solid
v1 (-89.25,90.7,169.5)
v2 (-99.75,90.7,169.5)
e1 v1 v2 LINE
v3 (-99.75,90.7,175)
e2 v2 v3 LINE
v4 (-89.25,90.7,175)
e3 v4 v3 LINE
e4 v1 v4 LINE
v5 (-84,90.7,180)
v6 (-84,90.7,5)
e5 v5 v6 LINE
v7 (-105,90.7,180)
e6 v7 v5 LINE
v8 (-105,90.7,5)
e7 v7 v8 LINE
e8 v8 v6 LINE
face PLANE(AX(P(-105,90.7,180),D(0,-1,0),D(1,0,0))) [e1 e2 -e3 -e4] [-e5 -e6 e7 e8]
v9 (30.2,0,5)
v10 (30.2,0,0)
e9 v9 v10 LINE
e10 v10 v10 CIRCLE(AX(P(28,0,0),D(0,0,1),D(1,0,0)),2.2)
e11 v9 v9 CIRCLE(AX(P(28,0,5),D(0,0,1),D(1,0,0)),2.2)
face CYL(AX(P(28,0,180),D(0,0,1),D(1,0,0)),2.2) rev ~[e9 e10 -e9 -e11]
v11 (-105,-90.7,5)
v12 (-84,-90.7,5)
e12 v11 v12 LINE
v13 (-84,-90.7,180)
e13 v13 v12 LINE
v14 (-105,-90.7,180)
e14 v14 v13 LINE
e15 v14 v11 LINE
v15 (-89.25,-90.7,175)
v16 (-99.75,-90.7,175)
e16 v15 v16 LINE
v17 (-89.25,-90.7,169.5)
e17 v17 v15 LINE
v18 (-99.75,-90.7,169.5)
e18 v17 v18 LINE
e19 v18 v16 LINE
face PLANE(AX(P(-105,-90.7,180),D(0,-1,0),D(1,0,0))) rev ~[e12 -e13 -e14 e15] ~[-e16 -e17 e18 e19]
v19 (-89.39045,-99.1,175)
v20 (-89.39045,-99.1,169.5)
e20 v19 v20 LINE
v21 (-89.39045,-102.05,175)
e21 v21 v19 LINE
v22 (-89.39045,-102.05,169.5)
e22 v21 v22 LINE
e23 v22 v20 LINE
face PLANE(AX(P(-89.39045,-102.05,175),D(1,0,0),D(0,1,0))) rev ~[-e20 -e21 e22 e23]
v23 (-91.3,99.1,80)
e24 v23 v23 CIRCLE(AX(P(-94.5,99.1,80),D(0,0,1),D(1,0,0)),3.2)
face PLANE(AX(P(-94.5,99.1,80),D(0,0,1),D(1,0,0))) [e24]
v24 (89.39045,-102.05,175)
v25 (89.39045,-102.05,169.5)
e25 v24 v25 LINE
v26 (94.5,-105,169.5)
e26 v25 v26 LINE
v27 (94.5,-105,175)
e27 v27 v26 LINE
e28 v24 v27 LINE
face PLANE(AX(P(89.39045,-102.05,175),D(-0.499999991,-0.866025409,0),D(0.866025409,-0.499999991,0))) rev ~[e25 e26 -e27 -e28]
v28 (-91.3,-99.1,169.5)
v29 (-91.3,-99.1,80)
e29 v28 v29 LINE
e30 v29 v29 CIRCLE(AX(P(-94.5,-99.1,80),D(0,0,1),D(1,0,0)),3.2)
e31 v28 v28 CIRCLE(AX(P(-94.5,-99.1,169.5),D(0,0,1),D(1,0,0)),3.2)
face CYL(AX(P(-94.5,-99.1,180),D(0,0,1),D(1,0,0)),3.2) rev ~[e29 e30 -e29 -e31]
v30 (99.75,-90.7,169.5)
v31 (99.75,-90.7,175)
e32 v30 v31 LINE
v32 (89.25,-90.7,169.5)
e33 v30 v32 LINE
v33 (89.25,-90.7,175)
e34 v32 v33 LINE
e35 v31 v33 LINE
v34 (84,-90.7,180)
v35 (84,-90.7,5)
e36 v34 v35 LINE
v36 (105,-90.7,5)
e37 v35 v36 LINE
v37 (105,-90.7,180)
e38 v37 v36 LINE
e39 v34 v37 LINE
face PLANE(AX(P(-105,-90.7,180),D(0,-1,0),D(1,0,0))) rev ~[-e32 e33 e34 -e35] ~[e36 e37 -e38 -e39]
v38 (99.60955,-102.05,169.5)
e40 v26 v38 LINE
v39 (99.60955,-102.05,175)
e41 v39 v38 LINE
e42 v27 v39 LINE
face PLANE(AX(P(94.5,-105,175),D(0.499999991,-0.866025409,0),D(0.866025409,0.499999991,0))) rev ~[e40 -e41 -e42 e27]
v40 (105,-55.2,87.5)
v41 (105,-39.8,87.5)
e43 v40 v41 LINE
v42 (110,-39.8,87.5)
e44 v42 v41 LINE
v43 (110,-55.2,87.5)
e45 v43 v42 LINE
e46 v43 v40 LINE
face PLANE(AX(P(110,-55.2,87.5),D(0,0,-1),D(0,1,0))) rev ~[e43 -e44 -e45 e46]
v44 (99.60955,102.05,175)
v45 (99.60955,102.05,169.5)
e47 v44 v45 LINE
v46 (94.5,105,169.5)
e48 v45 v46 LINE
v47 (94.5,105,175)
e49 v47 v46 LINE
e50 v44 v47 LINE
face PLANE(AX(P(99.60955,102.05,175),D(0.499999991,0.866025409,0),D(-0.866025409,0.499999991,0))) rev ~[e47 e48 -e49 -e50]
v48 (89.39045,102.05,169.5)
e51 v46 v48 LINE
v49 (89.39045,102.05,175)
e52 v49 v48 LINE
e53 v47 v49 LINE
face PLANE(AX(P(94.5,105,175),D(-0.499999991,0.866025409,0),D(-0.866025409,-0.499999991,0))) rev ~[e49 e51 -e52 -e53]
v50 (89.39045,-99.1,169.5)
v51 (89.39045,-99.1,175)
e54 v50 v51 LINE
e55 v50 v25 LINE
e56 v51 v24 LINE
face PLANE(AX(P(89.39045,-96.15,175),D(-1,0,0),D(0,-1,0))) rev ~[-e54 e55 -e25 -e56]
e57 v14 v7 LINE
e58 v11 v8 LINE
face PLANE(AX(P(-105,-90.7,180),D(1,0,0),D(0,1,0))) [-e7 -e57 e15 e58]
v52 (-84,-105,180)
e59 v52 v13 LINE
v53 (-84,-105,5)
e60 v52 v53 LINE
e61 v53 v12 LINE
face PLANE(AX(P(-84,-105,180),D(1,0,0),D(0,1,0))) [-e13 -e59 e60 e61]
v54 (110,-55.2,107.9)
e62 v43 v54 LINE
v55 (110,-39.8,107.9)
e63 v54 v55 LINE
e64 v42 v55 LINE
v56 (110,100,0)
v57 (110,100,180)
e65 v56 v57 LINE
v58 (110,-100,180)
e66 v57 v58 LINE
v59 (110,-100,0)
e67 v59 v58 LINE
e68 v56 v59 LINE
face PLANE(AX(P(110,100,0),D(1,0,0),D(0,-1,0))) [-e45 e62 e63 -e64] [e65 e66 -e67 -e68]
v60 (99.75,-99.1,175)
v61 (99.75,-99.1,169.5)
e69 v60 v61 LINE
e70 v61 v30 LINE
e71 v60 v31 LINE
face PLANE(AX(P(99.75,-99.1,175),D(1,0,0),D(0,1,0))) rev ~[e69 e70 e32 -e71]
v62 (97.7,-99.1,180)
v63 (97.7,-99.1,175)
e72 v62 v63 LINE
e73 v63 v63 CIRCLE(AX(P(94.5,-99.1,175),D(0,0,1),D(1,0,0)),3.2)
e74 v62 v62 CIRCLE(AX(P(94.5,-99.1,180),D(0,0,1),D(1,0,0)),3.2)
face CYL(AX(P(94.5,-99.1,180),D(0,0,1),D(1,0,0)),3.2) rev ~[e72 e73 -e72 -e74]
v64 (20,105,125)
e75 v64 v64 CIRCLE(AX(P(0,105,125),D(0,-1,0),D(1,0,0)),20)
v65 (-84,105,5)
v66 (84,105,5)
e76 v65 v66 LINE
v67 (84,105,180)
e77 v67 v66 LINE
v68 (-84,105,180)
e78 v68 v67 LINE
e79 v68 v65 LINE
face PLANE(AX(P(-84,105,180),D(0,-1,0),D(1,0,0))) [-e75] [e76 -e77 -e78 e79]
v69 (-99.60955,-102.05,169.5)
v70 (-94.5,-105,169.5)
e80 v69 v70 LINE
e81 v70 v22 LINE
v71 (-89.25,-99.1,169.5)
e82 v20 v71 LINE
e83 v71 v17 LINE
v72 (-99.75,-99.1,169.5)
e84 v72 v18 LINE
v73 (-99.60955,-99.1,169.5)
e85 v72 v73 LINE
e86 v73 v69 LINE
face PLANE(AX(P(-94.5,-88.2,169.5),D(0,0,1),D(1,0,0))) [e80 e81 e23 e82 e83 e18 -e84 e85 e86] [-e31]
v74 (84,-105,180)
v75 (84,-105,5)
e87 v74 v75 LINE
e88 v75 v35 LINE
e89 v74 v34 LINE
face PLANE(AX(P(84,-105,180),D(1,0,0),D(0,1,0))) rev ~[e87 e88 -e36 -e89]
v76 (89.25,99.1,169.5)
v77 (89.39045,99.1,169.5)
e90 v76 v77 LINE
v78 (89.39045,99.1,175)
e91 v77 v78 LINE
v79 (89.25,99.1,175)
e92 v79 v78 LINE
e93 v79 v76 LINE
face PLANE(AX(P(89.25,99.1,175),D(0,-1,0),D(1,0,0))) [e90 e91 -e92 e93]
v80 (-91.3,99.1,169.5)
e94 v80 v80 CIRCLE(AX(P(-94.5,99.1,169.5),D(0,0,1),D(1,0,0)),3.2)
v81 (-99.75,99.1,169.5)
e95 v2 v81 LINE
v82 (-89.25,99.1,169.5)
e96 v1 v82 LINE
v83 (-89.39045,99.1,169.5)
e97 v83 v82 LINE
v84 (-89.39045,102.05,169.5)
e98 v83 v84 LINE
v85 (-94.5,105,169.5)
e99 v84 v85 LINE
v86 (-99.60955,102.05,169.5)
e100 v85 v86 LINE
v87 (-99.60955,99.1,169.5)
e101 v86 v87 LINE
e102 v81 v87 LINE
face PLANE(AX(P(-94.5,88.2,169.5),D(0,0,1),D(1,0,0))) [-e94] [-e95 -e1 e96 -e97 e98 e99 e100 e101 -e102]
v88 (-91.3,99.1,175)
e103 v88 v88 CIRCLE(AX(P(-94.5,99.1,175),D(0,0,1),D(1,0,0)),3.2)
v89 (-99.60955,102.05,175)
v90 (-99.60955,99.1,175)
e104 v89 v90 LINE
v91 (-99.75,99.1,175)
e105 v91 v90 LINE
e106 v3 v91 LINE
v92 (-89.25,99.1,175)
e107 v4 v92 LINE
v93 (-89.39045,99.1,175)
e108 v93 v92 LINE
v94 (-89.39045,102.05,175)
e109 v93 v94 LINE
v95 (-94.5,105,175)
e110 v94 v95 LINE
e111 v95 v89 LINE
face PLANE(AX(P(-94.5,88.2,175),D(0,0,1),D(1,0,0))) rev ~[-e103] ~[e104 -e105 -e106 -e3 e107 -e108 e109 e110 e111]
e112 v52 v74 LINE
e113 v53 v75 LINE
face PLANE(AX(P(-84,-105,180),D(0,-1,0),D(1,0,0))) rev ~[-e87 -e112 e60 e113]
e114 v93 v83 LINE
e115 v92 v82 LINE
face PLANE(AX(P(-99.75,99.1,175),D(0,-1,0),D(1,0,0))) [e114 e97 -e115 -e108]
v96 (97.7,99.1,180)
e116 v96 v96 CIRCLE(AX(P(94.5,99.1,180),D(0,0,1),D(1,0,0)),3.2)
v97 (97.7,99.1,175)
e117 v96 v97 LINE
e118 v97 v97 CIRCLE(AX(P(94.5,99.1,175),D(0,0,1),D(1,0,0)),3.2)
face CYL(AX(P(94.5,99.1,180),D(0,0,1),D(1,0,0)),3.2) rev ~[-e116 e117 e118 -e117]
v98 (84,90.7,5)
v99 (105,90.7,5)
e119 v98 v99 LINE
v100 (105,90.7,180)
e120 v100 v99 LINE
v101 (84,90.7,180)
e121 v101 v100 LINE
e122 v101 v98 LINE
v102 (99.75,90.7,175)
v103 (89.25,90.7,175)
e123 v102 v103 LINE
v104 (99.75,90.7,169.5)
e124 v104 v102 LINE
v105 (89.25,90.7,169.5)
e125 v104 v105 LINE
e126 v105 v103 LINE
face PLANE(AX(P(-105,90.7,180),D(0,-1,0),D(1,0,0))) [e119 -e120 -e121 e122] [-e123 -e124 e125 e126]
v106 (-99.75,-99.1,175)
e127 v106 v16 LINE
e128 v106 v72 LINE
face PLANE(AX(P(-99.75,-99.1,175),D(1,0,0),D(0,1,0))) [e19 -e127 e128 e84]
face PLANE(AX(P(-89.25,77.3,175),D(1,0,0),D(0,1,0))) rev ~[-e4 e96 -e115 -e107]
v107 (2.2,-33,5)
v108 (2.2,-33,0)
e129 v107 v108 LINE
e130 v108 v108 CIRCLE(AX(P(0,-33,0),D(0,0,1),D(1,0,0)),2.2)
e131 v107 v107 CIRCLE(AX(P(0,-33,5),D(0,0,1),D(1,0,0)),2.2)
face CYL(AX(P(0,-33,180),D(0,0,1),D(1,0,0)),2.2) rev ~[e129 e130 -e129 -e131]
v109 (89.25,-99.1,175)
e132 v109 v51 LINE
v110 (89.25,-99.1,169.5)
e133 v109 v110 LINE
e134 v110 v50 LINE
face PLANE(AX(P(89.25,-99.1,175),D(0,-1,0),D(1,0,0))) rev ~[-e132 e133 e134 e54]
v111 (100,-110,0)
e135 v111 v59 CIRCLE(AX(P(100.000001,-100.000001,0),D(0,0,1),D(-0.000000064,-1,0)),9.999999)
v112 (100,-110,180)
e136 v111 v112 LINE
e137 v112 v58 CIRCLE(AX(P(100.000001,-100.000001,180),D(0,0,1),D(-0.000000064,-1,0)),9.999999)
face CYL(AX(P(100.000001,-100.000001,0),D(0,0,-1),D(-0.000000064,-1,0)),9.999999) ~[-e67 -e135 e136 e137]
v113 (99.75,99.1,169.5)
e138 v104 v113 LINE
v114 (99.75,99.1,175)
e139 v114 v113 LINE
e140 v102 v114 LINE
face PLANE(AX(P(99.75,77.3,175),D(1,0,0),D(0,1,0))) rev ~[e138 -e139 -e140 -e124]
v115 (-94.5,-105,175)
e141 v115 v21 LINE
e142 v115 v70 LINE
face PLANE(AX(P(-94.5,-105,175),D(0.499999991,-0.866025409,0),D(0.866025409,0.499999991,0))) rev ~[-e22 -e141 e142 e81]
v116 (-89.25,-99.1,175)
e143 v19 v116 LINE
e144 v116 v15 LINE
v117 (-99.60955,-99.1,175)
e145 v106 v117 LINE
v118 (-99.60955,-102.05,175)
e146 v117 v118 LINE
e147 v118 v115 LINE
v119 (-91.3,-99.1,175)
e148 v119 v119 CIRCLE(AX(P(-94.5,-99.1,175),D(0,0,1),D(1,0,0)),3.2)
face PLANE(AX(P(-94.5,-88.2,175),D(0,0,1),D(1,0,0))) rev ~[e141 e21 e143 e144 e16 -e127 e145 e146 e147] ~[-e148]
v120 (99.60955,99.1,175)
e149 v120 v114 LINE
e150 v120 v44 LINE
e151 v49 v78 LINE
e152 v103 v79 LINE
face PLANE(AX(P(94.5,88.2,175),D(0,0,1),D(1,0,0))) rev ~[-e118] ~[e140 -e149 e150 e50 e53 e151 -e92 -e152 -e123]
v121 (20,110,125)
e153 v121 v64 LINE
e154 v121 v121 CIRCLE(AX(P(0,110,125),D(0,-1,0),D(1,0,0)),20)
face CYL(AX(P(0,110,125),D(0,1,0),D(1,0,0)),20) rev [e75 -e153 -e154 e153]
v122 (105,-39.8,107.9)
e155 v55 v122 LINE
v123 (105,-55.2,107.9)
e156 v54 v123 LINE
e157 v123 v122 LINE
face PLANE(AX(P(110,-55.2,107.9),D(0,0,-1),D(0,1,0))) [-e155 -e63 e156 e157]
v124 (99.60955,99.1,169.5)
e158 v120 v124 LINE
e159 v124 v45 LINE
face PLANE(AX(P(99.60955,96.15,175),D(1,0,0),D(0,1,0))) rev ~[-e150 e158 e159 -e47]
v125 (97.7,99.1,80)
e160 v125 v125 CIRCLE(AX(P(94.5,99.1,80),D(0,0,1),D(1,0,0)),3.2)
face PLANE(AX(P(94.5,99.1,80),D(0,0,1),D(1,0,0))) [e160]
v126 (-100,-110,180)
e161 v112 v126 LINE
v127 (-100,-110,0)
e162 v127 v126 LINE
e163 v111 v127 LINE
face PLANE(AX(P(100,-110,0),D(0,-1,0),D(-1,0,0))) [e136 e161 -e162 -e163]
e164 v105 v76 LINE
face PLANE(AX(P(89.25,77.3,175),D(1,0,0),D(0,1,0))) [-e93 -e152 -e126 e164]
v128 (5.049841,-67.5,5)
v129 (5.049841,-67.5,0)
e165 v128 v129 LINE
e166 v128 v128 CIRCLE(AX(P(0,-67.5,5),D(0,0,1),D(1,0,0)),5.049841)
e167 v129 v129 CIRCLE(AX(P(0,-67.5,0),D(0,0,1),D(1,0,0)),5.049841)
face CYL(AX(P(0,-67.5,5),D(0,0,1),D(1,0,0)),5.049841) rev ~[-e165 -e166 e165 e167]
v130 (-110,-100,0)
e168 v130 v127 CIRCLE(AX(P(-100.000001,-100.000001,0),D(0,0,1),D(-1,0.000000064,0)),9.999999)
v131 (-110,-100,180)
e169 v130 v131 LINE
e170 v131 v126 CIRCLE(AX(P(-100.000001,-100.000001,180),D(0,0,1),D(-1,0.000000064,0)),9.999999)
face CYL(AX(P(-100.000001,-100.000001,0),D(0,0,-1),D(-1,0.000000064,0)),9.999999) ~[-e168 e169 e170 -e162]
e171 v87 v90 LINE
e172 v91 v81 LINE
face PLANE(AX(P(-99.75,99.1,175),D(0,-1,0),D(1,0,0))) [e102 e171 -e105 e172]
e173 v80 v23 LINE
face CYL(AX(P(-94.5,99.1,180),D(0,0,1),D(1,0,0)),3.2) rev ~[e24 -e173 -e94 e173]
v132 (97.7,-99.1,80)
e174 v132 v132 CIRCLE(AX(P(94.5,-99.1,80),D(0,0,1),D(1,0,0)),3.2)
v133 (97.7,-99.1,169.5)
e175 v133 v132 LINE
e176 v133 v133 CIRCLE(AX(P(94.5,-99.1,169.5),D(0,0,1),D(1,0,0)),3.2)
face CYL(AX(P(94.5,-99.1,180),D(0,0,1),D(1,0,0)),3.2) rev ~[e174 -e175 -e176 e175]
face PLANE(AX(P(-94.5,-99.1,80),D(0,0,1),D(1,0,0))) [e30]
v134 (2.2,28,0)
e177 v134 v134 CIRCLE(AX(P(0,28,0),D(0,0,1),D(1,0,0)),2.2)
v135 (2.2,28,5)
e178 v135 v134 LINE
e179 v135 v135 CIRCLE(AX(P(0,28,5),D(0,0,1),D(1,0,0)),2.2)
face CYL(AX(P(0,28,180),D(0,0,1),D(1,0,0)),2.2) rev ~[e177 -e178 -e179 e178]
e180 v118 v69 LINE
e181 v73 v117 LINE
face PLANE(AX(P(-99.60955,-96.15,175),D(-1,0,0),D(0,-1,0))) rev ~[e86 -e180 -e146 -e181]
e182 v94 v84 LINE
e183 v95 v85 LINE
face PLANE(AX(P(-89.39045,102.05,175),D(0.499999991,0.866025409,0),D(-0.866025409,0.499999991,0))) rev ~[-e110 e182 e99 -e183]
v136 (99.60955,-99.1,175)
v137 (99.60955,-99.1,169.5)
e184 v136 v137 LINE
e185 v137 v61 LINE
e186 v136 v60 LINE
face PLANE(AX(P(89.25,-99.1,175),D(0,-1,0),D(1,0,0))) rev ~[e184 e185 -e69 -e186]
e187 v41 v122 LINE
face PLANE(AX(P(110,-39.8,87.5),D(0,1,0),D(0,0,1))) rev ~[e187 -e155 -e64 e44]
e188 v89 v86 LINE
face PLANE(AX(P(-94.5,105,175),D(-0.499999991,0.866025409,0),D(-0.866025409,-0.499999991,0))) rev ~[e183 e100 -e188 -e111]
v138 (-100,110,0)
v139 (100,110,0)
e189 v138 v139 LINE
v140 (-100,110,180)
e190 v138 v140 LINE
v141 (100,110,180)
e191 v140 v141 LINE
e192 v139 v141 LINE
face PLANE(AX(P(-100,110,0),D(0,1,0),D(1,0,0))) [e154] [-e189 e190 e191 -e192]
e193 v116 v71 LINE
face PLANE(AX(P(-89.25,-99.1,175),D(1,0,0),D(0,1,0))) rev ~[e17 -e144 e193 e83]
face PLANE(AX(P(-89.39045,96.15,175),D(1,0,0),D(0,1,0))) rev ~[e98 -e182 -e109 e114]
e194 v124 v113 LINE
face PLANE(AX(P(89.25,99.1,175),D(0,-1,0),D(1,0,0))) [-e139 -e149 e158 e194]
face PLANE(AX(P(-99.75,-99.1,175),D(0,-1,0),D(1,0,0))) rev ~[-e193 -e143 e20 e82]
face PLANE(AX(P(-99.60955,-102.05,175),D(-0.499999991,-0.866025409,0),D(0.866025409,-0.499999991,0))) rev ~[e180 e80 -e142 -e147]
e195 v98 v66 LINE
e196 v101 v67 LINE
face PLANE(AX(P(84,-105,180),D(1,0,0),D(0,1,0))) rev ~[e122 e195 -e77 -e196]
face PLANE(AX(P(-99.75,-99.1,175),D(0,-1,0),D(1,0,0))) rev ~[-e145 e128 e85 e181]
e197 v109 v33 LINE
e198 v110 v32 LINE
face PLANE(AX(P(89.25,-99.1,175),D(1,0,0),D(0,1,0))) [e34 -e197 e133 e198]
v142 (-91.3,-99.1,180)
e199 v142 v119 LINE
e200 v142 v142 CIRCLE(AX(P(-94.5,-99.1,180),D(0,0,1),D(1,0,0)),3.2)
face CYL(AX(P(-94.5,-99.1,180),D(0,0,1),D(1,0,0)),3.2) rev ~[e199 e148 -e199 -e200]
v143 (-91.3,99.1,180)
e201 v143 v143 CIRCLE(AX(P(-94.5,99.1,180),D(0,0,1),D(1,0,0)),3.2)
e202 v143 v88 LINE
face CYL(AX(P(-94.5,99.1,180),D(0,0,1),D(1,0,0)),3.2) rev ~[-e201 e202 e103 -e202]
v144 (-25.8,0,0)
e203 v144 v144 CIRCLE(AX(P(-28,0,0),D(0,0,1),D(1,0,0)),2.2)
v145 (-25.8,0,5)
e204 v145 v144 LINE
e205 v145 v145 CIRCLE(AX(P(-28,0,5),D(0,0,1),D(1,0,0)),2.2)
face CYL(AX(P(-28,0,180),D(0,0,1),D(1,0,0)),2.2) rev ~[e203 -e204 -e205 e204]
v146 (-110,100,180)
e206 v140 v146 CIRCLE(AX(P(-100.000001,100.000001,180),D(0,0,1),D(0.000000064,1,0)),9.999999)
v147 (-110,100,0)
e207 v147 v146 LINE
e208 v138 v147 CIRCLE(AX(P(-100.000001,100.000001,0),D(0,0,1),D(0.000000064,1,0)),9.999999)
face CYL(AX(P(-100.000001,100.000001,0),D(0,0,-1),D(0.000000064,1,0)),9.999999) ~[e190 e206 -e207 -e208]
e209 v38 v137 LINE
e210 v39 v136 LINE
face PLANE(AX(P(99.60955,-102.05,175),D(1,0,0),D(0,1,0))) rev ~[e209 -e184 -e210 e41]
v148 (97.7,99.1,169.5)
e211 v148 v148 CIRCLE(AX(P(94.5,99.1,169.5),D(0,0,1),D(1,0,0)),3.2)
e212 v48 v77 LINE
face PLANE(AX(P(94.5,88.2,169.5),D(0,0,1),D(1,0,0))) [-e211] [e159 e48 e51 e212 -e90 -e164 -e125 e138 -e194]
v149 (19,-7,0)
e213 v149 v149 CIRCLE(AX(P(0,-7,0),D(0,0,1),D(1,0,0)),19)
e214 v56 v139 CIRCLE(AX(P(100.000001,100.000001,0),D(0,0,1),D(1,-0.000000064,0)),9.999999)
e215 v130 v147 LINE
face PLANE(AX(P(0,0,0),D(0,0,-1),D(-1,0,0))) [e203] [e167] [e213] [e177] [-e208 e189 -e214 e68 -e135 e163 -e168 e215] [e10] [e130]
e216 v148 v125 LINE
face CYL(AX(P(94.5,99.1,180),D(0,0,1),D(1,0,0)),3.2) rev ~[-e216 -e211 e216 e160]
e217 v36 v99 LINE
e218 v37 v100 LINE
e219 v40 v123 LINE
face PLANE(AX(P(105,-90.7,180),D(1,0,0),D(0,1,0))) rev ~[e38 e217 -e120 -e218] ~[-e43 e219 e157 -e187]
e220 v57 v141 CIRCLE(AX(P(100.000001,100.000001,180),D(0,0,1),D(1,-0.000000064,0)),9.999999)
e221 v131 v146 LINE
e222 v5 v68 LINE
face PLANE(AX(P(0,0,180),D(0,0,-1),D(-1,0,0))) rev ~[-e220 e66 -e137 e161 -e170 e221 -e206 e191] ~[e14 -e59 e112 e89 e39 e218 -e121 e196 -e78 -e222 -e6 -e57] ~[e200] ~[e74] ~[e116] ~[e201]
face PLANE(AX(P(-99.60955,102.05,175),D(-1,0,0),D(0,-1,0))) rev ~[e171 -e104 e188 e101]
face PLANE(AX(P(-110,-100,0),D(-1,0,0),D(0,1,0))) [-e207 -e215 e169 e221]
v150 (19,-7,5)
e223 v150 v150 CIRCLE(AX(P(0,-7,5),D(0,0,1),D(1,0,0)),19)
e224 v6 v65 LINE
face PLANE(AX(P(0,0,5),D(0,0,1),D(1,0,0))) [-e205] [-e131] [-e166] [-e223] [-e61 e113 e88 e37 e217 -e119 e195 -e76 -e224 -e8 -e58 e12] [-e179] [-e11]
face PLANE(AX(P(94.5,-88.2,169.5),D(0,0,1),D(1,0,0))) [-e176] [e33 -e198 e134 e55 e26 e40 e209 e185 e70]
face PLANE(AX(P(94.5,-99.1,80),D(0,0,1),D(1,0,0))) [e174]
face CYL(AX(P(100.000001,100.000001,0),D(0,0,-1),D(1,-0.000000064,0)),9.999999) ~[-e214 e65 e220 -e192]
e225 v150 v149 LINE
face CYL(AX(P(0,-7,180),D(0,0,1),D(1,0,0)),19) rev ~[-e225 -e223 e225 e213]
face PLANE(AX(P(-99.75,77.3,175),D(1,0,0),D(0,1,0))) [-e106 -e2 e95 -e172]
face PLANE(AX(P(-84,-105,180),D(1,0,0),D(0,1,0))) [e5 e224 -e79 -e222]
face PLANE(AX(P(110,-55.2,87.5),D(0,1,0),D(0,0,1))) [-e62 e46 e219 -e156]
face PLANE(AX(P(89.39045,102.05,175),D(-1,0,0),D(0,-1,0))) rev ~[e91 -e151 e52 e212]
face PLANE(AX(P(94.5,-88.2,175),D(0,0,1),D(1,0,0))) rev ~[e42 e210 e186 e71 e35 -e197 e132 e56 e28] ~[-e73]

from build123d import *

# Parameters (mm, degrees)
PAD_DEPTH       = 180
SKETCH001_W     = 168
SKETCH001_H     = 210
POCKET_DEPTH    = 175
SKETCH002_W     = 210
SKETCH002_H     = 181.4
POCKET001_DEPTH = 175
POCKET002_DEPTH = 5.5
SKETCH004_W     = 10.5
SKETCH004_H     = 21.8
POCKET003_DEPTH = 5.5
SKETCH005_R     = 3.2
POCKET004_DEPTH = 100
SKETCH006_W     = 15.4
SKETCH006_H     = 20.4
POCKET005_DEPTH = 5
SKETCH007_R     = 20
POCKET006_DEPTH = 5
SKETCH008_R     = 19
SKETCH008_R_2   = 2.2
POCKET007_DEPTH = 180.001
SKETCH052_R     = 5.049841
POCKET042_DEPTH = 5


with BuildPart() as part:
    # Sketch → Pad (new body)
    with BuildSketch(Plane.XY):
        with BuildLine():
            Line((-100, 110), (100, 110))
            ThreePointArc((110, 100), (107.071068, 107.071068), (100, 110))
            Line((110, 100), (110, -100))
            ThreePointArc((100, -110), (107.071068, -107.071068), (110, -100))
            Line((100, -110), (-100, -110))
            ThreePointArc((-110, -100), (-107.071068, -107.071068), (-100, -110))
            Line((-110, -100), (-110, 100))
            ThreePointArc((-100, 110), (-107.071068, 107.071068), (-110, 100))
        make_face()
    extrude(amount=PAD_DEPTH)

    # Sketch001 (on DatumPlane) → Pocket (cut)
    with BuildSketch(Plane.XY.offset(180)):
        Rectangle(SKETCH001_W, SKETCH001_H)
    extrude(amount=-POCKET_DEPTH, mode=Mode.SUBTRACT)

    # Sketch002 (on DatumPlane) → Pocket001 (cut)
    with BuildSketch(Plane.XY.offset(180)):
        Rectangle(SKETCH002_W, SKETCH002_H)
    extrude(amount=-POCKET001_DEPTH, mode=Mode.SUBTRACT)

    # Sketch003 (on DatumPlane) → Pocket002 (cut)
    with BuildSketch(Plane.XY.offset(175)):
        Polygon((89.39045, 96.15), (94.5, 93.2), (99.60955, 96.15), (99.60955, 102.05), (94.5, 105), (89.39045, 102.05), align=None)
        Polygon((99.60955, -102.05), (99.60955, -96.15), (94.5, -93.2), (89.39045, -96.15), (89.39045, -102.05), (94.5, -105), align=None)
        Polygon((-89.39045, -102.05), (-89.39045, -96.15), (-94.5, -93.2), (-99.60955, -96.15), (-99.60955, -102.05), (-94.5, -105), align=None)
        Polygon((-89.39045, 96.15), (-89.39045, 102.05), (-94.5, 105), (-99.60955, 102.05), (-99.60955, 96.15), (-94.5, 93.2), align=None)
    extrude(amount=-POCKET002_DEPTH, mode=Mode.SUBTRACT)

    # Sketch004 (on DatumPlane) → Pocket003 (cut)
    with BuildSketch(Plane.XY.offset(175)):
        with Locations((-94.5, 88.2)):
            Rectangle(SKETCH004_W, SKETCH004_H)
        with Locations((94.5, 88.2)):
            Rectangle(SKETCH004_W, SKETCH004_H)
        with Locations((-94.5, -88.2)):
            Rectangle(SKETCH004_W, SKETCH004_H)
        with Locations((94.5, -88.2)):
            Rectangle(SKETCH004_W, SKETCH004_H)
    extrude(amount=-POCKET003_DEPTH, mode=Mode.SUBTRACT)

    # Sketch005 (on DatumPlane) → Pocket004 (cut)
    with BuildSketch(Plane.XY.offset(180)):
        with Locations((-94.5, 99.1)):
            Circle(SKETCH005_R)
        with Locations((94.5, 99.1)):
            Circle(SKETCH005_R)
        with Locations((-94.5, -99.1)):
            Circle(SKETCH005_R)
        with Locations((94.5, -99.1)):
            Circle(SKETCH005_R)
    extrude(amount=-POCKET004_DEPTH, mode=Mode.SUBTRACT)

    # Sketch006 (on DatumPlane) → Pocket005 (cut)
    with BuildSketch(Plane.YZ.offset(110)):
        with Locations((-47.5, 97.7)):
            Rectangle(SKETCH006_W, SKETCH006_H)
    extrude(amount=-POCKET005_DEPTH, mode=Mode.SUBTRACT)

    # Sketch007 (on DatumPlane) → Pocket006 (cut)
    with BuildSketch(Plane.XZ.offset(-110)):
        with Locations((0, 125)):
            Circle(SKETCH007_R)
    extrude(amount=POCKET006_DEPTH, mode=Mode.SUBTRACT)

    # Sketch008 (on DatumPlane) → Pocket007 (cut, through all)
    with BuildSketch(Plane.XY.offset(180)):
        with Locations((0, -7)):
            Circle(SKETCH008_R)
        with Locations((0, 28)):
            Circle(SKETCH008_R_2)
        with Locations((28, 0)):
            Circle(SKETCH008_R_2)
        with Locations((-28, 0)):
            Circle(SKETCH008_R_2)
        with Locations((0, -33)):
            Circle(SKETCH008_R_2)
    extrude(amount=-POCKET007_DEPTH, mode=Mode.SUBTRACT)

    # Sketch052 (on Face37 of Pocket007) → Pocket042 (cut)
    with BuildSketch(Plane.XY.offset(5)):
        with Locations((0, -67.5)):
            Circle(SKETCH052_R)
    extrude(amount=-POCKET042_DEPTH, mode=Mode.SUBTRACT)


solid = part.part
